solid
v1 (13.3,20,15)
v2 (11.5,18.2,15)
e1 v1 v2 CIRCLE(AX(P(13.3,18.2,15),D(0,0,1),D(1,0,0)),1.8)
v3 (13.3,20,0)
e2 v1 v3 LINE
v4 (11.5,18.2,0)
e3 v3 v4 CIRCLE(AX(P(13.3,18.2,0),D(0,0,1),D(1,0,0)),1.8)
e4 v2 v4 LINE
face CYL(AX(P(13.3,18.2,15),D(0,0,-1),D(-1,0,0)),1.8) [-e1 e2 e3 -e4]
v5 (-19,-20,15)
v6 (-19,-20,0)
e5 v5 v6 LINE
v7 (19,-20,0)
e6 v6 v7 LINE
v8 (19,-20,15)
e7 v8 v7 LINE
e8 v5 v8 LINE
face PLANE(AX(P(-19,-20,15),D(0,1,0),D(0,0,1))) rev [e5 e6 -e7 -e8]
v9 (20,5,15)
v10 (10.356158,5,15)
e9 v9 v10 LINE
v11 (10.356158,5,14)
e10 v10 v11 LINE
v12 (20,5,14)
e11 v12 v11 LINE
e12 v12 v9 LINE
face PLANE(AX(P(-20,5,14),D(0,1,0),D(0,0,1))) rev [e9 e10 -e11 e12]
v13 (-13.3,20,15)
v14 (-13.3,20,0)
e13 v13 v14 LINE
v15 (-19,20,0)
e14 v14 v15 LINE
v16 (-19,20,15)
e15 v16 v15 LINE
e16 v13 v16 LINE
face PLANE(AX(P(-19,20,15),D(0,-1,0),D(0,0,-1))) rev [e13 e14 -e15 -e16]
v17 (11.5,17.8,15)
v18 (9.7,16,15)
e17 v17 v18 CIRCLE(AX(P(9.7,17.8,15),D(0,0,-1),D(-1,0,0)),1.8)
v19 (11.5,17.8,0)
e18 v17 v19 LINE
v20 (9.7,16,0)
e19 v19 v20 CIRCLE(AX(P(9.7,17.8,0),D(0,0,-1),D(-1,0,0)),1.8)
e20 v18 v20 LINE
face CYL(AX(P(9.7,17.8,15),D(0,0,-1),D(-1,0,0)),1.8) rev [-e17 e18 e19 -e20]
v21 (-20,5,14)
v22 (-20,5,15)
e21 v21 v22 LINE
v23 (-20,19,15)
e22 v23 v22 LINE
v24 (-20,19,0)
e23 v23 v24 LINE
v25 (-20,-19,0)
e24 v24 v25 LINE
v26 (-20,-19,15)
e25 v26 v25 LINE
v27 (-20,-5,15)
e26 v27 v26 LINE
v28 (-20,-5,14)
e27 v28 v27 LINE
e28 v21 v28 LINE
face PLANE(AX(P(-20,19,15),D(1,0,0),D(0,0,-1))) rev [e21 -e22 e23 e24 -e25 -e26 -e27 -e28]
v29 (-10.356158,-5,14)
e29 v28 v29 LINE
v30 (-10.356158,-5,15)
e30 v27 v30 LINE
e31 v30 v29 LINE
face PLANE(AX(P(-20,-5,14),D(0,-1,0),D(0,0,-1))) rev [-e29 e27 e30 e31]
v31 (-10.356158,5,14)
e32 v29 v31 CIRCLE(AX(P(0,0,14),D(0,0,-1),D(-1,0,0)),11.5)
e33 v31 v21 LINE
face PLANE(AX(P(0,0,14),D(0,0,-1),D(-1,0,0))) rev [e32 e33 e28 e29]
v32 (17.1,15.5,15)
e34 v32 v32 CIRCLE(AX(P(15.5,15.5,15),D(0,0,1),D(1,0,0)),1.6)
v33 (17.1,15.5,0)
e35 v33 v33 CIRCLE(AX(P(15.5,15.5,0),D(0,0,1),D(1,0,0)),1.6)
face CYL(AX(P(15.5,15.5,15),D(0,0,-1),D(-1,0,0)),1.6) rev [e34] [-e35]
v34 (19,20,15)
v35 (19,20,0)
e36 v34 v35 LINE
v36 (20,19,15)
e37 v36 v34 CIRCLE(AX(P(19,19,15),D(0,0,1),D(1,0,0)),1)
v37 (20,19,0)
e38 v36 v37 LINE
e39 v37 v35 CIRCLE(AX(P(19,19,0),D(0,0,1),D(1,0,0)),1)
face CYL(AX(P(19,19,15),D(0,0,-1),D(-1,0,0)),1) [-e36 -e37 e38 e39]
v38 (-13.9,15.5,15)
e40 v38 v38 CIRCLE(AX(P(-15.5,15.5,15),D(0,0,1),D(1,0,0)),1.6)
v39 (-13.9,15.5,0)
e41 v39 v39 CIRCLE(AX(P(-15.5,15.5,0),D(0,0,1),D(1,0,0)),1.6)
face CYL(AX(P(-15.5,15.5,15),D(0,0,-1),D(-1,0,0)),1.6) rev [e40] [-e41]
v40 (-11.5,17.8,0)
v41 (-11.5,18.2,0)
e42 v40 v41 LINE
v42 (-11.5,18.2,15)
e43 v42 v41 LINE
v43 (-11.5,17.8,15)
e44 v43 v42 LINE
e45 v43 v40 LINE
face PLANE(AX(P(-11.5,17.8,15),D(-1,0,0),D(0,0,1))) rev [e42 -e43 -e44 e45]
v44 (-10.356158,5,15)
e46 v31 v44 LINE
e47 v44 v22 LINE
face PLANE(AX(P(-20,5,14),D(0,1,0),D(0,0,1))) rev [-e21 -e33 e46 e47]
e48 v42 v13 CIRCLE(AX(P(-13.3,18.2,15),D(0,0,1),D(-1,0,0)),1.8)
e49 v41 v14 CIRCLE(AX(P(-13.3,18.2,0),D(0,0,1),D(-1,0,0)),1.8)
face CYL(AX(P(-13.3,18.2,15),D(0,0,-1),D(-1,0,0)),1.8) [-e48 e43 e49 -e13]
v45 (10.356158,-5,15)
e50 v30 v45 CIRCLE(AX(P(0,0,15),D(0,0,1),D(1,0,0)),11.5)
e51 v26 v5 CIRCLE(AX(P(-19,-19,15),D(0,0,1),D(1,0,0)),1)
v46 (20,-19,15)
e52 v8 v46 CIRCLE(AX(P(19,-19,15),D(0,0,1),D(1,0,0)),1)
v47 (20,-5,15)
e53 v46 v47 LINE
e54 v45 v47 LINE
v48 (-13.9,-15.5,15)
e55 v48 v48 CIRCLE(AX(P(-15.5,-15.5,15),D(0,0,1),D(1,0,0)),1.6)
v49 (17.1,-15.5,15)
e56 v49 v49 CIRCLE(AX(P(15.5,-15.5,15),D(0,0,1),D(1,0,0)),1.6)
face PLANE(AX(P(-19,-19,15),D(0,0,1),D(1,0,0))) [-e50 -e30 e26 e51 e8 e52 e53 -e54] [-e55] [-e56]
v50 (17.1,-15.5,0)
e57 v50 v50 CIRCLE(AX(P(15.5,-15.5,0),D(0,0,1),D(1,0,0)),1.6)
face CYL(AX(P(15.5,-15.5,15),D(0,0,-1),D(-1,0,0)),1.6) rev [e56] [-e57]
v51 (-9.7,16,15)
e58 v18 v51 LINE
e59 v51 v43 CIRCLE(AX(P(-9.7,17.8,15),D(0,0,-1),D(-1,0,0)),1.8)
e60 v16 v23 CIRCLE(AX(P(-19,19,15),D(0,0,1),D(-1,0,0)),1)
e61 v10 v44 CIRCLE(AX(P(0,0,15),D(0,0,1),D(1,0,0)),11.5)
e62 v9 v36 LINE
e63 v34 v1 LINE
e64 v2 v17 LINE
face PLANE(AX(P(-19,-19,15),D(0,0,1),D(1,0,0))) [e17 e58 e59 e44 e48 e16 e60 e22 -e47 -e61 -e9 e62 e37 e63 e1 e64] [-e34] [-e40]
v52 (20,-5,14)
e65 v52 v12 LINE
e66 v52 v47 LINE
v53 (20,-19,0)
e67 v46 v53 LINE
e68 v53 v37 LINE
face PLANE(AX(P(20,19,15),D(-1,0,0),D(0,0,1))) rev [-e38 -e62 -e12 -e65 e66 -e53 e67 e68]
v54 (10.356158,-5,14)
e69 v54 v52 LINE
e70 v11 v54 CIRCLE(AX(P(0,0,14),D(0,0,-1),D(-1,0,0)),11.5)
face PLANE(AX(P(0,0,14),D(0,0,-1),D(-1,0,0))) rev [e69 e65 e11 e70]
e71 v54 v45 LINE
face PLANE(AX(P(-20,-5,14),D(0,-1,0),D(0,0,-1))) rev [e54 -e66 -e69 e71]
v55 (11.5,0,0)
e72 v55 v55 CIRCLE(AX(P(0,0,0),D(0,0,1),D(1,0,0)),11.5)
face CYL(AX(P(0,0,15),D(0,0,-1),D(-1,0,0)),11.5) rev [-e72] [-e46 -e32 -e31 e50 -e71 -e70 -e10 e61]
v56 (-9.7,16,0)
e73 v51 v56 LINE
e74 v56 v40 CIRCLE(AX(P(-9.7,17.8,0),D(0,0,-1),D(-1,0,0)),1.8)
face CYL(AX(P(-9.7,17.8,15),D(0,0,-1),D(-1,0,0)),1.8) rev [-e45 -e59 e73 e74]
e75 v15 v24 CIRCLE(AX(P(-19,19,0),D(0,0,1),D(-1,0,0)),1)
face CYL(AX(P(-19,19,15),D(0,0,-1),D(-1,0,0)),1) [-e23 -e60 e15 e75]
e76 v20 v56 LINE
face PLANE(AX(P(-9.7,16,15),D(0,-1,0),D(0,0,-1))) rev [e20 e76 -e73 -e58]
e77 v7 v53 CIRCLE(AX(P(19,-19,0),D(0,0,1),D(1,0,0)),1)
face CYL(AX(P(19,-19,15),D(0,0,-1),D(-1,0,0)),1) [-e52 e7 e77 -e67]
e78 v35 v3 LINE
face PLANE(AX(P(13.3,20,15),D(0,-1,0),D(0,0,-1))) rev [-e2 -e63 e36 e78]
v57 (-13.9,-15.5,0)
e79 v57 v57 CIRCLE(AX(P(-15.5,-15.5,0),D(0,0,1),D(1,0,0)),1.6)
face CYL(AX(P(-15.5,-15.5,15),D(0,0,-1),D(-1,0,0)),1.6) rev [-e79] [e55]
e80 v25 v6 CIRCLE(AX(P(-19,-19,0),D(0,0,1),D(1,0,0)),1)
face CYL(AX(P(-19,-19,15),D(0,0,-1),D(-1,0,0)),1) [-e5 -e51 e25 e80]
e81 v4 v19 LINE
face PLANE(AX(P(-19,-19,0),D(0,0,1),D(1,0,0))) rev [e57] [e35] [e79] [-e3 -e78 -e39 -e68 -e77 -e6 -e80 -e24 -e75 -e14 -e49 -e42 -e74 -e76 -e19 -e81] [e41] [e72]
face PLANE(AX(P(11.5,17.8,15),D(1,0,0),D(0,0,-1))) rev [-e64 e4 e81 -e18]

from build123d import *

# Parameters (mm, degrees)
SKETCH1_R           = 11.5
SKETCH1_R_2         = 1.6
BOSS_EXTRUDE1_DEPTH = 15
SKETCH2_W           = 40
SKETCH2_H           = 10
CUT_EXTRUDE1_DEPTH  = 1


with BuildPart() as part:
    # Sketch1 → Boss-Extrude1 (new body)
    with BuildSketch(Plane.XY):
        with BuildLine():
            Line((-20, 19), (-20, -19))
            ThreePointArc((-20, -19), (-19.707106781, -19.707106781), (-19, -20))
            Line((-19, -20), (19, -20))
            ThreePointArc((19, -20), (19.707106781, -19.707106781), (20, -19))
            Line((20, -19), (20, 19))
            ThreePointArc((20, 19), (19.707106781, 19.707106781), (19, 20))
            Line((19, 20), (13.3, 20))
            ThreePointArc((13.3, 20), (12.027207794, 19.472792206), (11.5, 18.2))
            Line((11.5, 18.2), (11.5, 17.8))
            ThreePointArc((11.5, 17.8), (10.972792206, 16.527207794), (9.7, 16))
            Line((9.7, 16), (-9.7, 16))
            ThreePointArc((-9.7, 16), (-10.972792206, 16.527207794), (-11.5, 17.8))
            Line((-11.5, 17.8), (-11.5, 18.2))
            ThreePointArc((-11.5, 18.2), (-12.027207794, 19.472792206), (-13.3, 20))
            Line((-13.3, 20), (-19, 20))
            ThreePointArc((-19, 20), (-19.707106781, 19.707106781), (-20, 19))
        make_face()
        Circle(SKETCH1_R, mode=Mode.SUBTRACT)
        with Locations((-15.5, 15.5)):
            Circle(SKETCH1_R_2, mode=Mode.SUBTRACT)
        with Locations((15.5, 15.5)):
            Circle(SKETCH1_R_2, mode=Mode.SUBTRACT)
        with Locations((15.5, -15.5)):
            Circle(SKETCH1_R_2, mode=Mode.SUBTRACT)
        with Locations((-15.5, -15.5)):
            Circle(SKETCH1_R_2, mode=Mode.SUBTRACT)
    extrude(amount=BOSS_EXTRUDE1_DEPTH)

    # Sketch2 → Cut-Extrude1 (cut)
    with BuildSketch(Plane.XY.offset(15)):
        Rectangle(SKETCH2_W, SKETCH2_H)
    extrude(amount=-CUT_EXTRUDE1_DEPTH, mode=Mode.SUBTRACT)


solid = part.part
